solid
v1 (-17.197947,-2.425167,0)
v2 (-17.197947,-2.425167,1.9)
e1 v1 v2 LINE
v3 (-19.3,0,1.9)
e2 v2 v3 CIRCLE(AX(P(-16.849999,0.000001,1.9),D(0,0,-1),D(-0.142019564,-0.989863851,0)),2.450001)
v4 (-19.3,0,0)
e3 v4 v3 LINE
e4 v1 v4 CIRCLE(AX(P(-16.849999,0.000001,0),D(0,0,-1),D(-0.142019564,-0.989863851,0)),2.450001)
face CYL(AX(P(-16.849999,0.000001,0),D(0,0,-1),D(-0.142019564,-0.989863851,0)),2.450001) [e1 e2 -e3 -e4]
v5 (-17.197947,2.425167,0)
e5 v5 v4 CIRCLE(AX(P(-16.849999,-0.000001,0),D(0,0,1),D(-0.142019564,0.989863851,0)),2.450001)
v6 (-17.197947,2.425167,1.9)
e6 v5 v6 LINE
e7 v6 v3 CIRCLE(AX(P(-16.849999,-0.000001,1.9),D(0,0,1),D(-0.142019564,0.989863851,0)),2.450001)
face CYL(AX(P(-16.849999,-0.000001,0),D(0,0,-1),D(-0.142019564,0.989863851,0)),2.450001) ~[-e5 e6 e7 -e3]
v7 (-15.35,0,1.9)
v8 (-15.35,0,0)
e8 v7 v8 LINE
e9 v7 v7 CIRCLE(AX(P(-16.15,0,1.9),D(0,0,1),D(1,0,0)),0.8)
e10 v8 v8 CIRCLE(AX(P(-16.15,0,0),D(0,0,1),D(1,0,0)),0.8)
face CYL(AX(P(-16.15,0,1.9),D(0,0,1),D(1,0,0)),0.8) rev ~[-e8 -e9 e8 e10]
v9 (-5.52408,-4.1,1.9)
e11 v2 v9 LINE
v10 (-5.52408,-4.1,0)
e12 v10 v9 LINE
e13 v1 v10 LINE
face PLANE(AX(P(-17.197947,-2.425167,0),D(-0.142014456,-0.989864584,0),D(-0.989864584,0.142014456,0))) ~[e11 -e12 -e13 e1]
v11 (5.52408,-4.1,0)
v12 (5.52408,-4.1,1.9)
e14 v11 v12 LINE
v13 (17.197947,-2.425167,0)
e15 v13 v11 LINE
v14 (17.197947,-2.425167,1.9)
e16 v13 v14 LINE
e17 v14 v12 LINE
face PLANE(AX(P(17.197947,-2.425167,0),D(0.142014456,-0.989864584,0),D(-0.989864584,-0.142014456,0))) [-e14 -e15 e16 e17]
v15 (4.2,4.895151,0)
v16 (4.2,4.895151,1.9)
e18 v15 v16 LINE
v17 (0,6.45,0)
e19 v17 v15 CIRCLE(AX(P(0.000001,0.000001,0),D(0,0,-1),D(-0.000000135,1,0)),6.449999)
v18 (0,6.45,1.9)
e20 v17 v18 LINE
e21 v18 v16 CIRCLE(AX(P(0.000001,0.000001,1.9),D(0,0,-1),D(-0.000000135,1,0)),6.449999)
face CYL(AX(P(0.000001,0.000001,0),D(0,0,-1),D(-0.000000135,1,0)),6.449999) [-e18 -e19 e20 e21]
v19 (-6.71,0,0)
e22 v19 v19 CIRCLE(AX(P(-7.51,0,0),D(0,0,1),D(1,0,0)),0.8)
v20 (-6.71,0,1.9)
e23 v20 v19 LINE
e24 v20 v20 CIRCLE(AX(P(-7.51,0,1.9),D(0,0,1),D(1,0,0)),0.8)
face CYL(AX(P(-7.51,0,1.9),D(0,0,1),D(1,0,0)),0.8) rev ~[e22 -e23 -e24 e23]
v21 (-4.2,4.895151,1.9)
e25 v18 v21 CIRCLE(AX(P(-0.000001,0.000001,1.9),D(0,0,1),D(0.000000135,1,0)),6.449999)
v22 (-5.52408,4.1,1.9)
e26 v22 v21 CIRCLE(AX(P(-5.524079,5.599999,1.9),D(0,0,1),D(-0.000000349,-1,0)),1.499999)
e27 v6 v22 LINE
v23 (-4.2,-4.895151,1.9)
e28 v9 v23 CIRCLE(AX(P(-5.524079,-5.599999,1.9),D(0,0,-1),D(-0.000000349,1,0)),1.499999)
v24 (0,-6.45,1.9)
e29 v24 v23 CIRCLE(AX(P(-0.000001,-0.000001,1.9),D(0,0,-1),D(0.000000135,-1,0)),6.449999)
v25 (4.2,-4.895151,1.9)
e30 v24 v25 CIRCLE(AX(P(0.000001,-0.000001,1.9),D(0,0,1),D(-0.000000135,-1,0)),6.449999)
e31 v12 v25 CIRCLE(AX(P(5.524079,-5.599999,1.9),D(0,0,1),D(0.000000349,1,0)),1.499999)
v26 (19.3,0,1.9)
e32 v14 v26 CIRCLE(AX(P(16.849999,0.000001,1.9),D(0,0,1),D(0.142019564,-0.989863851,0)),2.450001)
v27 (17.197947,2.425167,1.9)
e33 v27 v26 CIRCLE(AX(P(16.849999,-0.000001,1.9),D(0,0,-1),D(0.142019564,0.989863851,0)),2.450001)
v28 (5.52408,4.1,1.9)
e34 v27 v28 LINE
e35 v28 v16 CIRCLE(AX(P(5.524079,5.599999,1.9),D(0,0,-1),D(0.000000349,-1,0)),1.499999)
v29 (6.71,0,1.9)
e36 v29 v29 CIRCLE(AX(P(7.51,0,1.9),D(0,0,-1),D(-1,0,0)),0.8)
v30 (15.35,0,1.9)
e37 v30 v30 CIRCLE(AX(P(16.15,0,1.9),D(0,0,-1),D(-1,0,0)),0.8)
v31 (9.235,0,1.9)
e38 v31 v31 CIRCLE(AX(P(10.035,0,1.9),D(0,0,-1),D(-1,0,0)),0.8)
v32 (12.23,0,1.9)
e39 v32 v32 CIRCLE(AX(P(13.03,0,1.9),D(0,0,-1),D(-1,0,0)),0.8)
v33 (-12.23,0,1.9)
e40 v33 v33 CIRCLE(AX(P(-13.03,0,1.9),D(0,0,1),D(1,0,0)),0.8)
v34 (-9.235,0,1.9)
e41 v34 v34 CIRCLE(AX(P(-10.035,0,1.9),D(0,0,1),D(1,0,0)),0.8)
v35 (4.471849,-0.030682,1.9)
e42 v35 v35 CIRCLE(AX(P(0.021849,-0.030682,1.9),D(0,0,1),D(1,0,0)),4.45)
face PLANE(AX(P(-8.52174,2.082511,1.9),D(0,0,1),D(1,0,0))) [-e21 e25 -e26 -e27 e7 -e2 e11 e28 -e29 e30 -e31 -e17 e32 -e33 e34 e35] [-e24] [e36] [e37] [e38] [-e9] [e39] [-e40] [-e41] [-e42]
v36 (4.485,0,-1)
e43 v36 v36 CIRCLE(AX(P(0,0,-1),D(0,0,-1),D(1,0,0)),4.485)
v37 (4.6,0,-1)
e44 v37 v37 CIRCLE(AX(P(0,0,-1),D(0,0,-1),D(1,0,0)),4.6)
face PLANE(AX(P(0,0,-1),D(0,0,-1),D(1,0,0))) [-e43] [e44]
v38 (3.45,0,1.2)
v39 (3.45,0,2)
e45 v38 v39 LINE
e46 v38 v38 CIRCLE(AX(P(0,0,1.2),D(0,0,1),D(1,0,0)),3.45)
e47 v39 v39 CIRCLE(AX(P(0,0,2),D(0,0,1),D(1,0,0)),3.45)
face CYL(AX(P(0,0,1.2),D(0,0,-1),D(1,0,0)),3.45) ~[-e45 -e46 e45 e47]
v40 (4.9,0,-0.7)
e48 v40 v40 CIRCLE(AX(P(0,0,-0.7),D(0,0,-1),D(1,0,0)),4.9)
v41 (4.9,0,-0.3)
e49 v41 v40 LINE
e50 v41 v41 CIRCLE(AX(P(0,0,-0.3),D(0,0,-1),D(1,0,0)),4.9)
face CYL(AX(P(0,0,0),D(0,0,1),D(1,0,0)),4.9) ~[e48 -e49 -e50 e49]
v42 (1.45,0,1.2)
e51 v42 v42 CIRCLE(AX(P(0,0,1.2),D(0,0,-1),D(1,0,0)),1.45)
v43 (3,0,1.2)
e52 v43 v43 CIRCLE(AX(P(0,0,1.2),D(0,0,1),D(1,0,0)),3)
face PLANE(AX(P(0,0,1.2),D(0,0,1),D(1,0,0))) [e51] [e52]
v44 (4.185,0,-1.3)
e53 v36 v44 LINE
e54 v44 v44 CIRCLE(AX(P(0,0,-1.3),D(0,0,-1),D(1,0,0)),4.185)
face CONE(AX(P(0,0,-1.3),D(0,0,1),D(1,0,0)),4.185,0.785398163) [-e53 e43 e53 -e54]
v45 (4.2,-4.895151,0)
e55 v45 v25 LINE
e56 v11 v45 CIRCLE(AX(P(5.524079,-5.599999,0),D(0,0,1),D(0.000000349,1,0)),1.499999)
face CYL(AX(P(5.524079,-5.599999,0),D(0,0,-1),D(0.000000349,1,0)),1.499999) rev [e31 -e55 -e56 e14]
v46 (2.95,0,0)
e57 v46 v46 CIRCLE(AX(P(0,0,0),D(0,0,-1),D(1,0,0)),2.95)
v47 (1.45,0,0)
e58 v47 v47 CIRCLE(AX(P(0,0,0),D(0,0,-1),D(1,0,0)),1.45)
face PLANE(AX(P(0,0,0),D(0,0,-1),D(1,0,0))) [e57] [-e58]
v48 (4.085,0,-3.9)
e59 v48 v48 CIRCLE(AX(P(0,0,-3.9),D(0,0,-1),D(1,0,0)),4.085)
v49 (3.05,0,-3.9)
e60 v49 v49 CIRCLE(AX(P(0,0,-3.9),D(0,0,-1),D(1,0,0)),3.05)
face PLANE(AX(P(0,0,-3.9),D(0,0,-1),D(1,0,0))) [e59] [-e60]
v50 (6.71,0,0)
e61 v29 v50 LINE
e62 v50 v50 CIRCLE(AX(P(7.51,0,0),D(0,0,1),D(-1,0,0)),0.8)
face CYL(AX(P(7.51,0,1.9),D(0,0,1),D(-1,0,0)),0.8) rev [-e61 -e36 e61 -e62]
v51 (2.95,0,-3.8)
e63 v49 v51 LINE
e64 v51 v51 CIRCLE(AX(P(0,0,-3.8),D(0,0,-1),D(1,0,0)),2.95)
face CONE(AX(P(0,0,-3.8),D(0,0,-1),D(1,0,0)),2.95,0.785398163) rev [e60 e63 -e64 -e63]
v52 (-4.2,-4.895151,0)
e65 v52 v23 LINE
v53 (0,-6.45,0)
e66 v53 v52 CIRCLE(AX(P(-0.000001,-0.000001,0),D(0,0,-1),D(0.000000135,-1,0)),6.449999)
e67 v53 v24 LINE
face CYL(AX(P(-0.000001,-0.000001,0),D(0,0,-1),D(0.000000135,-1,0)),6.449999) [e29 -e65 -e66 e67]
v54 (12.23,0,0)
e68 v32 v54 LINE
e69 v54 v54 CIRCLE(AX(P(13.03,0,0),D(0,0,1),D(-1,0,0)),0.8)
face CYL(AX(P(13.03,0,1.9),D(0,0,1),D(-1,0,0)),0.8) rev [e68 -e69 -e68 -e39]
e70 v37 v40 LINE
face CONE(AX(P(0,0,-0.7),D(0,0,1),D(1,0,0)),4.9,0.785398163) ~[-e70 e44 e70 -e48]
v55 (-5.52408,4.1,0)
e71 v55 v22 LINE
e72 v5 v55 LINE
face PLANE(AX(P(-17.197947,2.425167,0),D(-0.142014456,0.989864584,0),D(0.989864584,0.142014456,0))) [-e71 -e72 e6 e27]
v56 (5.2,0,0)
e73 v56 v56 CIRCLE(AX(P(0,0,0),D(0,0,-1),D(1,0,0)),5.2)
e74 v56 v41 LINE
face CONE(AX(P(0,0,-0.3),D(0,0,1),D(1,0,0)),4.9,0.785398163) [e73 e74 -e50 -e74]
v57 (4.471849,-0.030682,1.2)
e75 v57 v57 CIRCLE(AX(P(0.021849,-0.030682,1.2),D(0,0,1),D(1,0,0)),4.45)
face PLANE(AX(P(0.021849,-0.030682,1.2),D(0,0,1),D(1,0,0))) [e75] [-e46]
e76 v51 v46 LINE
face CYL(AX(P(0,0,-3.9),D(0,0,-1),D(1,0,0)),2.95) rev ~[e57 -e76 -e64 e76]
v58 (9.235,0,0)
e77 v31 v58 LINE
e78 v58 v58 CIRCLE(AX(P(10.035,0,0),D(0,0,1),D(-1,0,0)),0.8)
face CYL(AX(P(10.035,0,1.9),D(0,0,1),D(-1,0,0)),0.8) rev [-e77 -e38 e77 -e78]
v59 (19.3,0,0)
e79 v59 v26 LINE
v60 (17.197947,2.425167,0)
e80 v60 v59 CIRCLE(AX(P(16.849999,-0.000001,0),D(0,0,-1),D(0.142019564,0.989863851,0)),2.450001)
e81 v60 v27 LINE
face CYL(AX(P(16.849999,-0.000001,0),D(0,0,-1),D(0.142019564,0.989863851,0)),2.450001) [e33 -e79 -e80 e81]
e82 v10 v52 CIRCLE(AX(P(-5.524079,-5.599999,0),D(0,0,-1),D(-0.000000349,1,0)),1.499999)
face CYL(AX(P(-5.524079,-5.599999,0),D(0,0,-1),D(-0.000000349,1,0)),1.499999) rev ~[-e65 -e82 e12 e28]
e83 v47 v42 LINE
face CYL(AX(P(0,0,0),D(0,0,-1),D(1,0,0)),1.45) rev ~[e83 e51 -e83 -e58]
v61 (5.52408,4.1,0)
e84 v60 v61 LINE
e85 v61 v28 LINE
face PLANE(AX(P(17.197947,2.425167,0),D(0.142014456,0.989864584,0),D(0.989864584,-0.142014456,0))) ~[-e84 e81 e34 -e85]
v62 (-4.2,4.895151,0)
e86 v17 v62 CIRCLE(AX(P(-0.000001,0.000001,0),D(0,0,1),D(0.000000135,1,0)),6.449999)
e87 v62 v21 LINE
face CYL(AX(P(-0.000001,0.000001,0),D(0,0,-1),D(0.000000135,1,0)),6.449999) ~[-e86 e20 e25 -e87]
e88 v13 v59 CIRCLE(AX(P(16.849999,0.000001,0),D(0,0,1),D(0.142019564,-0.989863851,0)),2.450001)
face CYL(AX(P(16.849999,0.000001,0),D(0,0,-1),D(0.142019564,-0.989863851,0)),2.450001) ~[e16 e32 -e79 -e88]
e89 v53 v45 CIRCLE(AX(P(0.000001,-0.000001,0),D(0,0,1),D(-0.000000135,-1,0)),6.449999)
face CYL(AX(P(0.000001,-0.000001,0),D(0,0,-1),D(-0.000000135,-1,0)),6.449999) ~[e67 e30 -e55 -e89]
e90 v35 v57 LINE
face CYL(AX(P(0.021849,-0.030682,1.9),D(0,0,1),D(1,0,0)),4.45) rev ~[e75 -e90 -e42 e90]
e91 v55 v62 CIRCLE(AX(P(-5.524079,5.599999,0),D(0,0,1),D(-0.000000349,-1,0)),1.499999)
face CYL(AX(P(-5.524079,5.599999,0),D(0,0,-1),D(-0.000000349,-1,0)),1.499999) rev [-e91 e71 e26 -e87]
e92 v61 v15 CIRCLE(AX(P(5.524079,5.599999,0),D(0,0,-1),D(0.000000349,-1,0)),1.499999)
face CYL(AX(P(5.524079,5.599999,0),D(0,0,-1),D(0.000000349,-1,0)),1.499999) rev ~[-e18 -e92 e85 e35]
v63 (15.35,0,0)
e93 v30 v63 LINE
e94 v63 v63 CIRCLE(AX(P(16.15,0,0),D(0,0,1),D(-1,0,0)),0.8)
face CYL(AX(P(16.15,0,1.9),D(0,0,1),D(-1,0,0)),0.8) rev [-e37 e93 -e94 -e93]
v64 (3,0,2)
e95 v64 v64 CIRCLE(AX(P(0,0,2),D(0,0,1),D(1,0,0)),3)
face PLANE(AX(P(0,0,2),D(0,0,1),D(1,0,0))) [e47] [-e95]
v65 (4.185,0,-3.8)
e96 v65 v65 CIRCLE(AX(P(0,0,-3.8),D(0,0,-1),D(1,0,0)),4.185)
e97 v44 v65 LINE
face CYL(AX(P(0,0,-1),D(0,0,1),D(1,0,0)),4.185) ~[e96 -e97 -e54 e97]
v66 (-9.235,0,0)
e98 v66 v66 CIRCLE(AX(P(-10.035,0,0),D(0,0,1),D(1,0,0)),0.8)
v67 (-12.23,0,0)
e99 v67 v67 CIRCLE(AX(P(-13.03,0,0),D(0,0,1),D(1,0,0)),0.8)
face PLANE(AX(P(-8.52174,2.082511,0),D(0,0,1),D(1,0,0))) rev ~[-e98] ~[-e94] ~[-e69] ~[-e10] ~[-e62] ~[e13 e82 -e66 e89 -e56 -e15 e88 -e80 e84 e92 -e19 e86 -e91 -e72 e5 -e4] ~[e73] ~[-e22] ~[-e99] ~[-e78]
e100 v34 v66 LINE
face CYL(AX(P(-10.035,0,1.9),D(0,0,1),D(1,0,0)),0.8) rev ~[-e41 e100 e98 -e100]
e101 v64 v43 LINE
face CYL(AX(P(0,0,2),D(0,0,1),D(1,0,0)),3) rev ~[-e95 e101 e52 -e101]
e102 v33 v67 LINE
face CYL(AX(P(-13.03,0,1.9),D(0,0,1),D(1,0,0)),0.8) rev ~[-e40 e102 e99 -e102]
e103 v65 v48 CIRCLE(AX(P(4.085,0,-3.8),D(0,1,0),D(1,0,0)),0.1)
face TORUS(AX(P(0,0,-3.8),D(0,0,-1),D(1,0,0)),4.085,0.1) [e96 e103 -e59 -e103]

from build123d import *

# Parameters (mm, degrees)
PAD_DEPTH       = 1.9
SKETCH001_R     = 4.45
POCKET_DEPTH    = 0.7
SKETCH002_R     = 3.45
PAD001_DEPTH    = 0.8
SKETCH003_R     = 3
POCKET001_DEPTH = 0.8
SKETCH004_R     = 4.9
PAD002_DEPTH    = 1
SKETCH005_R     = 4.185
PAD003_DEPTH    = 2.9
SKETCH006_R     = 2.95
POCKET002_DEPTH = 3.9
SKETCH007_R     = 1.45
POCKET003_DEPTH = 2.001
CHAMFER_SIZE    = 0.3
CHAMFER001_SIZE = 0.3
CHAMFER002_SIZE = 0.3
SKETCH008_R     = 0.8
POCKET004_DEPTH = 88.048918
FILLET_R        = 0.1
CHAMFER003_SIZE = 0.1


with BuildPart() as horn_top_left_quarter:
    # Sketch → Pad (new body)
    with BuildSketch(Plane.XY):
        with BuildLine():
            ThreePointArc((0, 6.45), (-2.239283, 6.048811), (-4.2, 4.895151))
            ThreePointArc((-5.52408, 4.1), (-4.751834, 4.314062), (-4.2, 4.895151))
            Line((-17.197947, 2.425167), (-5.52408, 4.1))
            ThreePointArc((-17.197947, 2.425167), (-18.701347, 1.604685), (-19.3, 0))
            Line((-19.3, 0), (0, 0))
            Line((0, 6.45), (0, 0))
        make_face()
    extrude(amount=PAD_DEPTH)


with BuildPart() as horn_top_half:
    # Part__Mirroring: instance of horn-top-left-quarter
    add(horn_top_left_quarter.part.mirror(Plane(origin=(0, 0, 0), x_dir=(0, -1, 0), z_dir=(1, 0, 0))))

    # Fusion: union horn-top-left-quarter
    add(horn_top_left_quarter.part)


with BuildPart() as horn_final001:
    # Part__Mirroring001: instance of horn-top-half
    add(horn_top_half.part.mirror(Plane(origin=(0, 0, 0), x_dir=(1, 0, 0), z_dir=(0, 1, 0))))

    # Fusion001: union horn-top-half
    add(horn_top_half.part)

    # Sketch001 → Pocket (cut)
    with BuildSketch(Plane.XY.offset(1.9)):
        with Locations((0.021849, -0.030682)):
            Circle(SKETCH001_R)
    extrude(amount=-POCKET_DEPTH, mode=Mode.SUBTRACT)

    # Sketch002 → Pad001 (new body)
    with BuildSketch(Plane.XY.offset(1.2)):
        Circle(SKETCH002_R)
    extrude(amount=PAD001_DEPTH)

    # Sketch003 → Pocket001 (cut)
    with BuildSketch(Plane.XY.offset(2)):
        Circle(SKETCH003_R)
    extrude(amount=-POCKET001_DEPTH, mode=Mode.SUBTRACT)

    # Sketch004 → Pad002 (new body)
    with BuildSketch(Plane(origin=(0, 0, 0), x_dir=(1, 0, 0), z_dir=(0, 0, -1))):
        Circle(SKETCH004_R)
    extrude(amount=PAD002_DEPTH)

    # Sketch005 → Pad003 (new body)
    with BuildSketch(Plane(origin=(0, 0, -1), x_dir=(1, 0, 0), z_dir=(0, 0, -1))):
        Circle(SKETCH005_R)
    extrude(amount=PAD003_DEPTH)

    # Sketch006 → Pocket002 (cut)
    with BuildSketch(Plane(origin=(0, 0, -3.9), x_dir=(1, 0, 0), z_dir=(0, 0, -1))):
        Circle(SKETCH006_R)
    extrude(amount=-POCKET002_DEPTH, mode=Mode.SUBTRACT)

    # Sketch007 → Pocket003 (cut, through all)
    with BuildSketch(Plane(origin=(0, 0, 0), x_dir=(1, 0, 0), z_dir=(0, 0, -1))):
        Circle(SKETCH007_R)
    extrude(amount=-POCKET003_DEPTH, mode=Mode.SUBTRACT)

    # Chamfer
    chamfer_edges = [horn_final001.edges().sort_by_distance(p)[0] for p in [
        (-4.9, 0, 0),
    ]]
    chamfer(chamfer_edges, length=CHAMFER_SIZE)

    # Chamfer001
    chamfer001_edges = [horn_final001.edges().sort_by_distance(p)[0] for p in [
        (-4.185, 0, -1),
    ]]
    chamfer(chamfer001_edges, length=CHAMFER001_SIZE)

    # Chamfer002
    chamfer002_edges = [horn_final001.edges().sort_by_distance(p)[0] for p in [
        (-4.9, 0, -1),
    ]]
    chamfer(chamfer002_edges, length=CHAMFER002_SIZE)

    # Sketch008 → Pocket004 (cut, through all)
    with BuildSketch(Plane.XY.offset(1.9)):
        with Locations((-16.15, 0)):
            Circle(SKETCH008_R)
        with Locations((-13.03, 0)):
            Circle(SKETCH008_R)
        with Locations((-10.035, 0)):
            Circle(SKETCH008_R)
        with Locations((-7.51, 0)):
            Circle(SKETCH008_R)
    pocket004 = extrude(amount=-POCKET004_DEPTH, mode=Mode.SUBTRACT)

    # Mirrored: Pocket004 across Sketch008 V_Axis
    add(pocket004.mirror(Plane(origin=(0, 0, 1.9), x_dir=(0, 0, 1), z_dir=(1, 0, 0))), mode=Mode.SUBTRACT)

    # Fillet
    fillet_edges = [horn_final001.edges().sort_by_distance(p)[0] for p in [
        (-4.185, 0, -3.9),
    ]]
    fillet(fillet_edges, radius=FILLET_R)

    # Chamfer003
    chamfer003_edges = [horn_final001.edges().sort_by_distance(p)[0] for p in [
        (-2.95, 0, -3.9),
    ]]
    chamfer(chamfer003_edges, length=CHAMFER003_SIZE)


solid = horn_final001.part
